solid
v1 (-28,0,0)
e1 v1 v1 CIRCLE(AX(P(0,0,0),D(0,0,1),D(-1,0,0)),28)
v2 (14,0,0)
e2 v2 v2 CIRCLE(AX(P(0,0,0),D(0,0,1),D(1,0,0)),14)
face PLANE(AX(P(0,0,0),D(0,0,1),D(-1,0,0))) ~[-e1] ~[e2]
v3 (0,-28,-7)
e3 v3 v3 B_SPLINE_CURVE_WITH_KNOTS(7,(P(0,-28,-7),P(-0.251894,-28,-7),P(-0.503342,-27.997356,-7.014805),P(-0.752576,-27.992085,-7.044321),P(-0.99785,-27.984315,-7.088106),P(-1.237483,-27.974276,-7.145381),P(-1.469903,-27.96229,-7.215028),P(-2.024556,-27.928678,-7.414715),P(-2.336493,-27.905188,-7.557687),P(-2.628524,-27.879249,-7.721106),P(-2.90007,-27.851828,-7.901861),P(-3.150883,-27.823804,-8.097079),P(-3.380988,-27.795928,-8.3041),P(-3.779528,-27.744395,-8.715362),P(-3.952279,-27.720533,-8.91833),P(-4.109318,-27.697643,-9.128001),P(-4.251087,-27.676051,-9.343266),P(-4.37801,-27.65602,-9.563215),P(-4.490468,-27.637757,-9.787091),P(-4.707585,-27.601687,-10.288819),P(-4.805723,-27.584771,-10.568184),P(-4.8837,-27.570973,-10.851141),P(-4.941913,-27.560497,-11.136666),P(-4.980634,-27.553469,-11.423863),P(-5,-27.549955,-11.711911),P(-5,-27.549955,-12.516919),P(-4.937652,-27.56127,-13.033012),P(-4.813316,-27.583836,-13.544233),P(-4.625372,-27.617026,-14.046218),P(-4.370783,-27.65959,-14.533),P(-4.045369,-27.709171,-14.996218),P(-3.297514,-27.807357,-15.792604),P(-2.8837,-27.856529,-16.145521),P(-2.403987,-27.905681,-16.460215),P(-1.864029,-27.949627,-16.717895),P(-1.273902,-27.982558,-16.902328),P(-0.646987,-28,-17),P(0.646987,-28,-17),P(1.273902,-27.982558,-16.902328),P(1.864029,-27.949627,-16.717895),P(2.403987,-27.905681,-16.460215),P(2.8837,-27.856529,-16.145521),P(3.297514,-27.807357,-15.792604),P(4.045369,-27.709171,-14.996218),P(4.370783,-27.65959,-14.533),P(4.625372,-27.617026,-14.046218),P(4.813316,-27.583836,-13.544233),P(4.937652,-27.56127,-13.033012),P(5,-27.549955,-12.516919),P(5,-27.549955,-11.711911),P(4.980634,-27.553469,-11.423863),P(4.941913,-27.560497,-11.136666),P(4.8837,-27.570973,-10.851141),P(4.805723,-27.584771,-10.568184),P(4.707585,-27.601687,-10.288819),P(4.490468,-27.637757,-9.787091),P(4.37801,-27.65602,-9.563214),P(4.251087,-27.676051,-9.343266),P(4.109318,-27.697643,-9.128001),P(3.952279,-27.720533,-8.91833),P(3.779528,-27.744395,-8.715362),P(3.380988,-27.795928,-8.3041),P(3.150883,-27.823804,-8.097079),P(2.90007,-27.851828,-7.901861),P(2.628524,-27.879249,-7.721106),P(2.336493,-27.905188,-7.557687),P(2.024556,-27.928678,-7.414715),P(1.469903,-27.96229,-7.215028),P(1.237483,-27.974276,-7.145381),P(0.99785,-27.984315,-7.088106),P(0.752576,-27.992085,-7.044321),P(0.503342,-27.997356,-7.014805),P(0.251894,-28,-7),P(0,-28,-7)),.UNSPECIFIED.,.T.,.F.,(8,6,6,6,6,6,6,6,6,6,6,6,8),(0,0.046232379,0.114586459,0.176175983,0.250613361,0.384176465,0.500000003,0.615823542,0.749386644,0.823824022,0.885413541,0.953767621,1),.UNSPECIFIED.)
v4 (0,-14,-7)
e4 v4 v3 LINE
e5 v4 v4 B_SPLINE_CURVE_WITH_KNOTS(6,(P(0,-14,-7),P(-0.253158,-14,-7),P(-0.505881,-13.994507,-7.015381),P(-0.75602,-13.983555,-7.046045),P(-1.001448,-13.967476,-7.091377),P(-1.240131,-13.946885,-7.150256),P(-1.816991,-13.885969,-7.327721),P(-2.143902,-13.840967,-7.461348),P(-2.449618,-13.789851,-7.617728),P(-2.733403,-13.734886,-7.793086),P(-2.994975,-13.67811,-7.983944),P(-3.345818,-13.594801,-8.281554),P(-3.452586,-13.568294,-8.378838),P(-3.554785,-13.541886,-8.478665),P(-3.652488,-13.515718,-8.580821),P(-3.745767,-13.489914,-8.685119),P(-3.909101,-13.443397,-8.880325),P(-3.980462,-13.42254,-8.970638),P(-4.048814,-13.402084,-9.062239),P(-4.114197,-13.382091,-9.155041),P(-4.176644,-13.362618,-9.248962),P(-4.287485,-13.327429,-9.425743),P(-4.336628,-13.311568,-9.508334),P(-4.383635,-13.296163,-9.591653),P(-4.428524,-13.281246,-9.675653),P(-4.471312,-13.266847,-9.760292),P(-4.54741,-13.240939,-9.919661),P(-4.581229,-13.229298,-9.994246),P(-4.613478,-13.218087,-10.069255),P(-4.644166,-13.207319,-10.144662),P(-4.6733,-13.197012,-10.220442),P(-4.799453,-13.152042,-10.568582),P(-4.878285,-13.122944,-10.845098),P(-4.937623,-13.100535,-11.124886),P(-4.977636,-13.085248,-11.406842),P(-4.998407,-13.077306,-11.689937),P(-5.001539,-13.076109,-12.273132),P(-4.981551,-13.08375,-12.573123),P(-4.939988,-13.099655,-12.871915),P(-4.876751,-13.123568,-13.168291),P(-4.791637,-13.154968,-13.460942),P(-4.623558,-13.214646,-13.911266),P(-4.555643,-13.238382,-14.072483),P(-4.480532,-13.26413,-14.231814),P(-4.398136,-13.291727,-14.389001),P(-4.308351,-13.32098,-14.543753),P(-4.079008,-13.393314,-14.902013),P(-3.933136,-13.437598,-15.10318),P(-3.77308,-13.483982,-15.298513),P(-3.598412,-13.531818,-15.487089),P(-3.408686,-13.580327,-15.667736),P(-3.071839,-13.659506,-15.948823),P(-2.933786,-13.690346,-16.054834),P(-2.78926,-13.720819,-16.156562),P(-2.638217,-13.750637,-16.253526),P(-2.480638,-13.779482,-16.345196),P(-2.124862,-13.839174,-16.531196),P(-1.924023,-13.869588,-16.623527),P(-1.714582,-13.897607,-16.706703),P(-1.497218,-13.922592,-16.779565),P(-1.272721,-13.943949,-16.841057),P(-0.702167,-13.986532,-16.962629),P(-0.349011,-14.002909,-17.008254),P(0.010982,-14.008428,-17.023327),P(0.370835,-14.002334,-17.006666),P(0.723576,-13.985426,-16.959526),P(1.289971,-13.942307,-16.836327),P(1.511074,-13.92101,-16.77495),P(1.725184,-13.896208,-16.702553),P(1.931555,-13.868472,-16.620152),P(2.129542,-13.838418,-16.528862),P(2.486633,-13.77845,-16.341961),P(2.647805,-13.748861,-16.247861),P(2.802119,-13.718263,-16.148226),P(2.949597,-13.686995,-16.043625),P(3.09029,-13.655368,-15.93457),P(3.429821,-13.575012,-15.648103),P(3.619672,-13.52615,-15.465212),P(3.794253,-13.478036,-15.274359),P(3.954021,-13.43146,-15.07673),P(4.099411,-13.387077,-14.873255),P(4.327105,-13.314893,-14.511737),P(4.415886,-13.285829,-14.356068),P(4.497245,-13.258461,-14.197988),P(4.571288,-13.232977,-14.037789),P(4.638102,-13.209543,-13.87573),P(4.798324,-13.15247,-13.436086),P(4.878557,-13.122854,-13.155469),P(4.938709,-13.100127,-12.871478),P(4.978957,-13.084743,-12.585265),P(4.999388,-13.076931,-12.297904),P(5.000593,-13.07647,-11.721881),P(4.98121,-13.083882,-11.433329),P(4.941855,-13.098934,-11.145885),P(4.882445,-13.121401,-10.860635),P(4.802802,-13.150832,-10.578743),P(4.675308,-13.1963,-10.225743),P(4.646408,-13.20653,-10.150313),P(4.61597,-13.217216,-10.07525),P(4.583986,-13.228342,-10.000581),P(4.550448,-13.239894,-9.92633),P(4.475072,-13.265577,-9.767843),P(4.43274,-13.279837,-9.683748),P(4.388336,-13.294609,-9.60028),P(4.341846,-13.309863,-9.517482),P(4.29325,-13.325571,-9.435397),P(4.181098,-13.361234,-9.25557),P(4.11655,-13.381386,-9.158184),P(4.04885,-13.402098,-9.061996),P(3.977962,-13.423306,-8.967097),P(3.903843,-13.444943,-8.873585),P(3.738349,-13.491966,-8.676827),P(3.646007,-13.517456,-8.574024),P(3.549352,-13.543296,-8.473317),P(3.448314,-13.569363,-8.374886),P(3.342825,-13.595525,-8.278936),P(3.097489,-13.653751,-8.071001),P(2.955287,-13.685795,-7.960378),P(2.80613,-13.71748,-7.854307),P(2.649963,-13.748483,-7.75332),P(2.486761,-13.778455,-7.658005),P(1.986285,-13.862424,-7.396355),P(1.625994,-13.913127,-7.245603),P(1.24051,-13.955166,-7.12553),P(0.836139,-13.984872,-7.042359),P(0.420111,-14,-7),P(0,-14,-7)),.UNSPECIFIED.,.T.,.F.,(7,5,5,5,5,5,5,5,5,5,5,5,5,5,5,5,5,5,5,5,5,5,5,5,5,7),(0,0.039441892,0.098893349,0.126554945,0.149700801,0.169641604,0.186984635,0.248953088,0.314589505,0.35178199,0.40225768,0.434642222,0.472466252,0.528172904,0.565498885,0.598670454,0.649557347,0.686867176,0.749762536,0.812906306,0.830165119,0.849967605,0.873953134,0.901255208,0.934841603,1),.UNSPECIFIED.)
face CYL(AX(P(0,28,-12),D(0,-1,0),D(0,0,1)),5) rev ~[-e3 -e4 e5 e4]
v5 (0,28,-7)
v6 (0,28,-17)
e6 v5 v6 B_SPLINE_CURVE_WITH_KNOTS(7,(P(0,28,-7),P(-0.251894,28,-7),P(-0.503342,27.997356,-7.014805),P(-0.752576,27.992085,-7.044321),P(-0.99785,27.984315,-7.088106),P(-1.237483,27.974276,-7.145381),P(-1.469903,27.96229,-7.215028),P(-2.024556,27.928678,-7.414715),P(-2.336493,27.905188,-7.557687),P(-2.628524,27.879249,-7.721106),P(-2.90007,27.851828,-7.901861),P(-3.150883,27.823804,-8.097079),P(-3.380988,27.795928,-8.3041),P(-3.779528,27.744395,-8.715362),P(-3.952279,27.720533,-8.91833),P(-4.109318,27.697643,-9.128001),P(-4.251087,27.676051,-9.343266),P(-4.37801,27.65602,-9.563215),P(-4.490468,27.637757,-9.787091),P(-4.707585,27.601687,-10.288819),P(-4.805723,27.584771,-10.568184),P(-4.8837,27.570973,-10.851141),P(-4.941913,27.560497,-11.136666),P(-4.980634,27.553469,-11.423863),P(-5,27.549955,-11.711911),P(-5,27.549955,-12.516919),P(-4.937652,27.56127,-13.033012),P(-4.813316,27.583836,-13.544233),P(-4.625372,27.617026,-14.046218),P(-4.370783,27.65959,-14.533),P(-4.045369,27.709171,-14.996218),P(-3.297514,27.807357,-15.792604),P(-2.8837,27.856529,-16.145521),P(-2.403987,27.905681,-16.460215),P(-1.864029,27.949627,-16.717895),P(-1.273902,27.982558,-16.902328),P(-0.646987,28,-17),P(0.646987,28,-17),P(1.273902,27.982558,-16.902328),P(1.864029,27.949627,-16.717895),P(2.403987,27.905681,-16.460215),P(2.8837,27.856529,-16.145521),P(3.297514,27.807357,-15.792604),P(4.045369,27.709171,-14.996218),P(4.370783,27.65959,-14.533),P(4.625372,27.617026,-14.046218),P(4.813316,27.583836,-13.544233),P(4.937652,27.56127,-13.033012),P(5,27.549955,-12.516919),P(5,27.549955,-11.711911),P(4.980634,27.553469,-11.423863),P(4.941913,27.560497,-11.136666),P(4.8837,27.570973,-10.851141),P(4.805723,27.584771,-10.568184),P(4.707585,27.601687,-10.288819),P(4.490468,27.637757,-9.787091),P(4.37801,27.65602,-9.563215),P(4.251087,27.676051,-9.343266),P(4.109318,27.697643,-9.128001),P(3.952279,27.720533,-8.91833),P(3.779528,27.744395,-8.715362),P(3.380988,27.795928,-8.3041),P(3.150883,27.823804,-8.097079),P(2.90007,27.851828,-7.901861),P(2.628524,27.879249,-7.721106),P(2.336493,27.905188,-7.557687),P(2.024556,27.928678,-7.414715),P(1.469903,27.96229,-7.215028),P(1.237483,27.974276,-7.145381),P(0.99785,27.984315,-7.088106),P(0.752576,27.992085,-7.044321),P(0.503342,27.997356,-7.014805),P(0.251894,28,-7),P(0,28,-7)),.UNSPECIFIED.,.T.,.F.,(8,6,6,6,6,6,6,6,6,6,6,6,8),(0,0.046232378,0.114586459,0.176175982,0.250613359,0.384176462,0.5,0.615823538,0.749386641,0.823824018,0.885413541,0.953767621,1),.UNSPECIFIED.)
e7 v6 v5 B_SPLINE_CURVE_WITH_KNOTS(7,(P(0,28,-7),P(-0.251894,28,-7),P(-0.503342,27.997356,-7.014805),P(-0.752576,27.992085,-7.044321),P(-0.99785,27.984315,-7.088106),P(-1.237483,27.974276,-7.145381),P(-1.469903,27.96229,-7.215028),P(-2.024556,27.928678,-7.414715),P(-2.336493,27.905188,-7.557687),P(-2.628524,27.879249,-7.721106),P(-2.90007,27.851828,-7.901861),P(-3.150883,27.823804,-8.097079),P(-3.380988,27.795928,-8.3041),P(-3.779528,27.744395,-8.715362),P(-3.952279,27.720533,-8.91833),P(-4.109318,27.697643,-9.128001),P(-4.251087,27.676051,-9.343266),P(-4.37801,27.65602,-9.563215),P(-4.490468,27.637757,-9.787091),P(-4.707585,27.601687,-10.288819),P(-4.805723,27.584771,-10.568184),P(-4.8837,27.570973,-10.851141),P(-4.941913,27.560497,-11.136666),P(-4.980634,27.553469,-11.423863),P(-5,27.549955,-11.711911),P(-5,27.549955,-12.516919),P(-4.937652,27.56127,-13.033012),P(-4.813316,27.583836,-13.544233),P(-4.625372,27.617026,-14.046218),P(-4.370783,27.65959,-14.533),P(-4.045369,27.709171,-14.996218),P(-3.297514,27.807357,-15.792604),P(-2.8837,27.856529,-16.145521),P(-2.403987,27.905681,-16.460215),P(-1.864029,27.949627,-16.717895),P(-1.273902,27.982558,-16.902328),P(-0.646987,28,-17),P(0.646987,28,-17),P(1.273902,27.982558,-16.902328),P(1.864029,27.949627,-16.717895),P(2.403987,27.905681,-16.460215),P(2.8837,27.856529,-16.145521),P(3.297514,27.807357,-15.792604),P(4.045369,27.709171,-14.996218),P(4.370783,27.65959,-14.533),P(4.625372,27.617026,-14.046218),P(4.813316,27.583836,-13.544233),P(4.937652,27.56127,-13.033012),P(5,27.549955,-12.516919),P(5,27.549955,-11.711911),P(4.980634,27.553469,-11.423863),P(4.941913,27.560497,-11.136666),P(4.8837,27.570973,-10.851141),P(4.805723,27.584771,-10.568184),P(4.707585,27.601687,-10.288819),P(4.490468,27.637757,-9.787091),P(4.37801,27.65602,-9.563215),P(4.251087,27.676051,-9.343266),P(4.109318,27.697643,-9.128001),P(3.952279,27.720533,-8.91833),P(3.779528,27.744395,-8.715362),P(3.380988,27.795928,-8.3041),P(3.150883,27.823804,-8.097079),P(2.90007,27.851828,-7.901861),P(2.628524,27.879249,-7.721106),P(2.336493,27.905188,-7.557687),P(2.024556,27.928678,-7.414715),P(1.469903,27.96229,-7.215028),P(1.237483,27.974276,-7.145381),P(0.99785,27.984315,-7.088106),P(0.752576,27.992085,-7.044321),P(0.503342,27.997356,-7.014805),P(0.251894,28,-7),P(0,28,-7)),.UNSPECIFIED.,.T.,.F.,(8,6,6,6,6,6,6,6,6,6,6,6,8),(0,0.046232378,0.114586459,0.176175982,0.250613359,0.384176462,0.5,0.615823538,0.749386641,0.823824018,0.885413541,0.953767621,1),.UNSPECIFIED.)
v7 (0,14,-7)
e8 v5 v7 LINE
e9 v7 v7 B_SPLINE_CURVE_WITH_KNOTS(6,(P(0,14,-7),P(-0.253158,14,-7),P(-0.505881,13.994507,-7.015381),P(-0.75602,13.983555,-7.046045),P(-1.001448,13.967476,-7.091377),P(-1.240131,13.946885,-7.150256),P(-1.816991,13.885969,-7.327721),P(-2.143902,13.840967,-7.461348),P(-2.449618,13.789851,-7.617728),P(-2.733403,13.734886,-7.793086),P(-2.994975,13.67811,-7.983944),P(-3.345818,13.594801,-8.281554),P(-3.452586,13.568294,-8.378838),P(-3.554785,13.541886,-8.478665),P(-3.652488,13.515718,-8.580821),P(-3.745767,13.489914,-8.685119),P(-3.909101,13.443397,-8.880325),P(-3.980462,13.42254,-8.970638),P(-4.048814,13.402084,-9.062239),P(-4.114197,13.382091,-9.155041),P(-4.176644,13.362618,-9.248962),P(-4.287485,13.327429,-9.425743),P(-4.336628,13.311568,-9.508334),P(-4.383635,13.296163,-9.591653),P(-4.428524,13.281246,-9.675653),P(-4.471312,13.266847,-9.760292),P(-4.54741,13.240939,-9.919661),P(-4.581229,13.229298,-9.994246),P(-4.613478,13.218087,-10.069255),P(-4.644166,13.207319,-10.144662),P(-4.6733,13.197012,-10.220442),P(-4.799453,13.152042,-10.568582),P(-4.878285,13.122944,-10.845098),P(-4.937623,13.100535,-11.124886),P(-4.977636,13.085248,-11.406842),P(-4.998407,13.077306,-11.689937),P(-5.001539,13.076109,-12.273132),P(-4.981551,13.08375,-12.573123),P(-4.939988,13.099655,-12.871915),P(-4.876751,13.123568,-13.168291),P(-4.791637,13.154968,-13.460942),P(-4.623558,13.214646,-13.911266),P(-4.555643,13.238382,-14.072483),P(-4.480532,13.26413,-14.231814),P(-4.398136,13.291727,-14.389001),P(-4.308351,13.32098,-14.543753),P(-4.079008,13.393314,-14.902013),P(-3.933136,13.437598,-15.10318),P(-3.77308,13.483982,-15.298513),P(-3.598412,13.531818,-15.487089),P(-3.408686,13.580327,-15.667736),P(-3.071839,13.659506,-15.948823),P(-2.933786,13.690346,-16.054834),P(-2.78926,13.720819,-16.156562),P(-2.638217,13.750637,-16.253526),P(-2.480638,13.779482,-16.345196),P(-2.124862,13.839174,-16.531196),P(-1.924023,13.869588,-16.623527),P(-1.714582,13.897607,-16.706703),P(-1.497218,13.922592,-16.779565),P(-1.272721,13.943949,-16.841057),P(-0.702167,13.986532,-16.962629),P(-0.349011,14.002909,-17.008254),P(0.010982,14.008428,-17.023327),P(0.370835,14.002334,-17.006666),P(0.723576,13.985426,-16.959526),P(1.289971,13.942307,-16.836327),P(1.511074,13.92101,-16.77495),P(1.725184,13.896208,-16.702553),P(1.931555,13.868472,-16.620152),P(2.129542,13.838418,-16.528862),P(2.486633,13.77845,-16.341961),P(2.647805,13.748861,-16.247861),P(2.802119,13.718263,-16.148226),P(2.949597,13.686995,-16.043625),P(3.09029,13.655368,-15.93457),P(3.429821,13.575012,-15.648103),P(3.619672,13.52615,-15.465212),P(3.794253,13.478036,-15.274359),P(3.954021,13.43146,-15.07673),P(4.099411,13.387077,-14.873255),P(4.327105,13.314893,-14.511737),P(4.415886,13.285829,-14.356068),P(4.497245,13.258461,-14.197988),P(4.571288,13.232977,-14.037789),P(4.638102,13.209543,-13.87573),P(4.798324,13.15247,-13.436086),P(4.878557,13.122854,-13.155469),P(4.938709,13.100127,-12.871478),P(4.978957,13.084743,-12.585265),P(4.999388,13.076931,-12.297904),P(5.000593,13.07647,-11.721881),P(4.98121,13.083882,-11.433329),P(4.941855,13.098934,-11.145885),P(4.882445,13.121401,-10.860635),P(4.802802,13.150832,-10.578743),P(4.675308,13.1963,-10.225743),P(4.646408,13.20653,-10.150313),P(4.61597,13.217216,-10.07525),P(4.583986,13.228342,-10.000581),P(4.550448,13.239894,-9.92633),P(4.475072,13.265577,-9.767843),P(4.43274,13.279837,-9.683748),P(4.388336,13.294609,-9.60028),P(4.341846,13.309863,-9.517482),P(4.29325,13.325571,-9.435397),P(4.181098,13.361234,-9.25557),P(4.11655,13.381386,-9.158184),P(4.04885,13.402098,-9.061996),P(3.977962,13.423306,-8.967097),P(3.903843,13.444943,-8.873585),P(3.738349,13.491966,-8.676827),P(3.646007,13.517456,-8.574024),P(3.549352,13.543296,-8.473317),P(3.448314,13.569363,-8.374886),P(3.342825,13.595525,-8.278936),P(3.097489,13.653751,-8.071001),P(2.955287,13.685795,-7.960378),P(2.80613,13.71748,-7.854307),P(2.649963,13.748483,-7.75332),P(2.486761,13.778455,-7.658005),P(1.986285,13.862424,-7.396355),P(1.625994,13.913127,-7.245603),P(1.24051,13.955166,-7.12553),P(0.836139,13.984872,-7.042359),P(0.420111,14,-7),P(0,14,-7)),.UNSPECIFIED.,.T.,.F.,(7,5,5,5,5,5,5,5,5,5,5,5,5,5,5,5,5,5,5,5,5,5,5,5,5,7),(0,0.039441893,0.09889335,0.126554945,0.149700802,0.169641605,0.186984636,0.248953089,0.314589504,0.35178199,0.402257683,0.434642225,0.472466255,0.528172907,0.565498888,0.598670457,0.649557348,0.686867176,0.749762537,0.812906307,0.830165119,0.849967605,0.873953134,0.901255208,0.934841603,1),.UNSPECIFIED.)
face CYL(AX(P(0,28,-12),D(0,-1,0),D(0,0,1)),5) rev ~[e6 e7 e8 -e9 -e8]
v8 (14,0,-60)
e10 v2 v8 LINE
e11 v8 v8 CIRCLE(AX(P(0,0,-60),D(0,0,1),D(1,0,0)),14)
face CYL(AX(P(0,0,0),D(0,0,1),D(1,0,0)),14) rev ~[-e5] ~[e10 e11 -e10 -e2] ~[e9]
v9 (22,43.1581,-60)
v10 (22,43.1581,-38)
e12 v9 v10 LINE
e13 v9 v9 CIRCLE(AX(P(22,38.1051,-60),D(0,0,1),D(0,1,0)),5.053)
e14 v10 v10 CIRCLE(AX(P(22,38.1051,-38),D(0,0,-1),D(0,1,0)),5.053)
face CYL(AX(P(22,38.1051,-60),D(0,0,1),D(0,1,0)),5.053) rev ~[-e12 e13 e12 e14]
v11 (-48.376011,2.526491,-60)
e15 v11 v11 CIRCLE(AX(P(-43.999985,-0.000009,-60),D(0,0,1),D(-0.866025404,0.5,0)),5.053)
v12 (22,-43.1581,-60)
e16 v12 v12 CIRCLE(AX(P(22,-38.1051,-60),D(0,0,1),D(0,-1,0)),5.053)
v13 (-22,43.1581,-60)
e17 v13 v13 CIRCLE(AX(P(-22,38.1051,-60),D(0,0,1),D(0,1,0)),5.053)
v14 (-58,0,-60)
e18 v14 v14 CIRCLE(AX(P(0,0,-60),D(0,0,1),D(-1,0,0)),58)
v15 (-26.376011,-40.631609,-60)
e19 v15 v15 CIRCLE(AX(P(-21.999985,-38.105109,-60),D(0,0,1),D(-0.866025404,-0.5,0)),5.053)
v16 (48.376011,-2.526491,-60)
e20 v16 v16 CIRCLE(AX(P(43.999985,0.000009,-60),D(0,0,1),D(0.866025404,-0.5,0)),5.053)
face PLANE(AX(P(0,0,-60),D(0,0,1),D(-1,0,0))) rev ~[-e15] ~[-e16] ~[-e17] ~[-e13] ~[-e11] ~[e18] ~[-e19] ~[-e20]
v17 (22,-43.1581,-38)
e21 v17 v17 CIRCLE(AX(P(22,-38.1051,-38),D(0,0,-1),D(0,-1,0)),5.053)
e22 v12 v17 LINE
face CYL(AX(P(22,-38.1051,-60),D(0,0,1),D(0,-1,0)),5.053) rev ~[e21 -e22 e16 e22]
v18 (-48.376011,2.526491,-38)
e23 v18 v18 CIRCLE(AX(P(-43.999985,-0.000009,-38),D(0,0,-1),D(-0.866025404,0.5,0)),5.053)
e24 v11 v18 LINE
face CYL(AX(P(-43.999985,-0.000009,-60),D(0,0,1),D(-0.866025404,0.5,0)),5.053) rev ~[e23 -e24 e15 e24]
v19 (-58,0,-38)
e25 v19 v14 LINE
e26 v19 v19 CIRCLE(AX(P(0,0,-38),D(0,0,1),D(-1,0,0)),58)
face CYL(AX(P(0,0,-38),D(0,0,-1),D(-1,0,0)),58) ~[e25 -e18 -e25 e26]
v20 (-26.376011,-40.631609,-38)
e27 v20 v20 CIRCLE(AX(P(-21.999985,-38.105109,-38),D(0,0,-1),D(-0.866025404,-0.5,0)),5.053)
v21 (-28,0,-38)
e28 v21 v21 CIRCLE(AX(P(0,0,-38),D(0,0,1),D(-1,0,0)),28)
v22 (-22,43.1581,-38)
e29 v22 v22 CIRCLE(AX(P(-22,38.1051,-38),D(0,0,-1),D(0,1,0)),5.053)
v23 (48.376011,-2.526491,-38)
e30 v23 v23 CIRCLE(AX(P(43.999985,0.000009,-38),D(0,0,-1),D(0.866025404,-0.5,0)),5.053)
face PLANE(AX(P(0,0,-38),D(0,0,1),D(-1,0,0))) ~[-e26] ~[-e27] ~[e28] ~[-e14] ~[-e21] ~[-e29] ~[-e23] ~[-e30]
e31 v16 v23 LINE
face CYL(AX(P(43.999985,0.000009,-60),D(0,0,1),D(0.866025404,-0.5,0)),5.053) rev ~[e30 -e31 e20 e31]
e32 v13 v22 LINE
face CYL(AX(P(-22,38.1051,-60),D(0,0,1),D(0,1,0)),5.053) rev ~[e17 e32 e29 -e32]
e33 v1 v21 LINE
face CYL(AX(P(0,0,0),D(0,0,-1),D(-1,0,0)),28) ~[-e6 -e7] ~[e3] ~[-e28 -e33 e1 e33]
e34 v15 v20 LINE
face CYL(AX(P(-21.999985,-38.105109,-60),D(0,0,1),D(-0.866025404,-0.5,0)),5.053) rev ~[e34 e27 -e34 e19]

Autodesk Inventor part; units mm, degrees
ref_plane "YZ Plane" through (0, 0, 0) normal (1, 0, 0) x (0, 1, 0)
ref_plane "XY Plane" through (0, 0, 0) normal (0, 0, 1) x (1, 0, 0)
sketch "Skizze1" plane through (0, 0, 0) normal (0, 1, 0) x (-1, 0, 0)
  line L0 (0, 0) -> (28, 0)
  line L1 (28, 0) -> (28, -38)
  line L2 (28, -38) -> (58, -38)
  line L3 (58, -38) -> (58, -60)
  line L4 (58, -60) -> (0, -60)
  line L5 (0, -60) -> (0, 0)
  dimension "d0" = 116
  dimension "d1" = 56
  dimension "d2" = 22
  dimension "d3" = 38
revolve "Umdrehung1" add sketch "Skizze1" angle 360 about axis through (0, 0, -60) along (0, 0, 1)
sketch "Skizze2" plane through (0, 0, 0) normal (0, 0, 1) x (1, 0, 0)
  circle A0 centre (0, 0) radius 14
  dimension "d5" = 28
extrude "Extrusion1" cut sketch "Skizze2" against normal up to surface (60 mm away)
ref_plane "Arbeitsebene1" through (0, 28, 0) normal (0, 1, 0) x (-1, 0, 0)
sketch "Skizze3" plane through (0, 28, 0) normal (0, 1, 0) x (-1, 0, 0)
  point P0 (0, 0)
  point P1 (0, -12)
  dimension "d9" = 12
hole "Bohrung1" at (0, 28, -12) direction (0, -1, 0) diameter 10 end through all
sketch "Skizze4" plane through (0, 0, -60) normal (0, 0, -1) x (-1, 0, 0)
  circle A0 centre (0, 0) radius 44 construction
  circle A1 centre (0, 0) radius 14 projected
  line L0 (0, 0) -> (0, 62.7079) construction
  line L1 (0, 0) -> (-33.1711, 57.4541) construction
  line L2 (0, 0) -> (35.197, 60.963) construction
  point P0 (-22, 38.1051)
  point P1 (22, 38.1051)
  dimension "d17" = 88
  dimension "d18" = 30
  dimension "d19" = 30
hole "Bohrung2" at (22, 38.1051, -60) at (-22, 38.1051, -60) direction (0, 0, 1) diameter 10.106 depth 22 thread size "M12x1.75" class "6H" standard "ISO Metric profile"
pattern_circular "Runde Anordnung1" count 6 over 360 about axis through (0, 0, -49) along (0, 0, 1) of "Bohrung2"
properties part number "cover"
